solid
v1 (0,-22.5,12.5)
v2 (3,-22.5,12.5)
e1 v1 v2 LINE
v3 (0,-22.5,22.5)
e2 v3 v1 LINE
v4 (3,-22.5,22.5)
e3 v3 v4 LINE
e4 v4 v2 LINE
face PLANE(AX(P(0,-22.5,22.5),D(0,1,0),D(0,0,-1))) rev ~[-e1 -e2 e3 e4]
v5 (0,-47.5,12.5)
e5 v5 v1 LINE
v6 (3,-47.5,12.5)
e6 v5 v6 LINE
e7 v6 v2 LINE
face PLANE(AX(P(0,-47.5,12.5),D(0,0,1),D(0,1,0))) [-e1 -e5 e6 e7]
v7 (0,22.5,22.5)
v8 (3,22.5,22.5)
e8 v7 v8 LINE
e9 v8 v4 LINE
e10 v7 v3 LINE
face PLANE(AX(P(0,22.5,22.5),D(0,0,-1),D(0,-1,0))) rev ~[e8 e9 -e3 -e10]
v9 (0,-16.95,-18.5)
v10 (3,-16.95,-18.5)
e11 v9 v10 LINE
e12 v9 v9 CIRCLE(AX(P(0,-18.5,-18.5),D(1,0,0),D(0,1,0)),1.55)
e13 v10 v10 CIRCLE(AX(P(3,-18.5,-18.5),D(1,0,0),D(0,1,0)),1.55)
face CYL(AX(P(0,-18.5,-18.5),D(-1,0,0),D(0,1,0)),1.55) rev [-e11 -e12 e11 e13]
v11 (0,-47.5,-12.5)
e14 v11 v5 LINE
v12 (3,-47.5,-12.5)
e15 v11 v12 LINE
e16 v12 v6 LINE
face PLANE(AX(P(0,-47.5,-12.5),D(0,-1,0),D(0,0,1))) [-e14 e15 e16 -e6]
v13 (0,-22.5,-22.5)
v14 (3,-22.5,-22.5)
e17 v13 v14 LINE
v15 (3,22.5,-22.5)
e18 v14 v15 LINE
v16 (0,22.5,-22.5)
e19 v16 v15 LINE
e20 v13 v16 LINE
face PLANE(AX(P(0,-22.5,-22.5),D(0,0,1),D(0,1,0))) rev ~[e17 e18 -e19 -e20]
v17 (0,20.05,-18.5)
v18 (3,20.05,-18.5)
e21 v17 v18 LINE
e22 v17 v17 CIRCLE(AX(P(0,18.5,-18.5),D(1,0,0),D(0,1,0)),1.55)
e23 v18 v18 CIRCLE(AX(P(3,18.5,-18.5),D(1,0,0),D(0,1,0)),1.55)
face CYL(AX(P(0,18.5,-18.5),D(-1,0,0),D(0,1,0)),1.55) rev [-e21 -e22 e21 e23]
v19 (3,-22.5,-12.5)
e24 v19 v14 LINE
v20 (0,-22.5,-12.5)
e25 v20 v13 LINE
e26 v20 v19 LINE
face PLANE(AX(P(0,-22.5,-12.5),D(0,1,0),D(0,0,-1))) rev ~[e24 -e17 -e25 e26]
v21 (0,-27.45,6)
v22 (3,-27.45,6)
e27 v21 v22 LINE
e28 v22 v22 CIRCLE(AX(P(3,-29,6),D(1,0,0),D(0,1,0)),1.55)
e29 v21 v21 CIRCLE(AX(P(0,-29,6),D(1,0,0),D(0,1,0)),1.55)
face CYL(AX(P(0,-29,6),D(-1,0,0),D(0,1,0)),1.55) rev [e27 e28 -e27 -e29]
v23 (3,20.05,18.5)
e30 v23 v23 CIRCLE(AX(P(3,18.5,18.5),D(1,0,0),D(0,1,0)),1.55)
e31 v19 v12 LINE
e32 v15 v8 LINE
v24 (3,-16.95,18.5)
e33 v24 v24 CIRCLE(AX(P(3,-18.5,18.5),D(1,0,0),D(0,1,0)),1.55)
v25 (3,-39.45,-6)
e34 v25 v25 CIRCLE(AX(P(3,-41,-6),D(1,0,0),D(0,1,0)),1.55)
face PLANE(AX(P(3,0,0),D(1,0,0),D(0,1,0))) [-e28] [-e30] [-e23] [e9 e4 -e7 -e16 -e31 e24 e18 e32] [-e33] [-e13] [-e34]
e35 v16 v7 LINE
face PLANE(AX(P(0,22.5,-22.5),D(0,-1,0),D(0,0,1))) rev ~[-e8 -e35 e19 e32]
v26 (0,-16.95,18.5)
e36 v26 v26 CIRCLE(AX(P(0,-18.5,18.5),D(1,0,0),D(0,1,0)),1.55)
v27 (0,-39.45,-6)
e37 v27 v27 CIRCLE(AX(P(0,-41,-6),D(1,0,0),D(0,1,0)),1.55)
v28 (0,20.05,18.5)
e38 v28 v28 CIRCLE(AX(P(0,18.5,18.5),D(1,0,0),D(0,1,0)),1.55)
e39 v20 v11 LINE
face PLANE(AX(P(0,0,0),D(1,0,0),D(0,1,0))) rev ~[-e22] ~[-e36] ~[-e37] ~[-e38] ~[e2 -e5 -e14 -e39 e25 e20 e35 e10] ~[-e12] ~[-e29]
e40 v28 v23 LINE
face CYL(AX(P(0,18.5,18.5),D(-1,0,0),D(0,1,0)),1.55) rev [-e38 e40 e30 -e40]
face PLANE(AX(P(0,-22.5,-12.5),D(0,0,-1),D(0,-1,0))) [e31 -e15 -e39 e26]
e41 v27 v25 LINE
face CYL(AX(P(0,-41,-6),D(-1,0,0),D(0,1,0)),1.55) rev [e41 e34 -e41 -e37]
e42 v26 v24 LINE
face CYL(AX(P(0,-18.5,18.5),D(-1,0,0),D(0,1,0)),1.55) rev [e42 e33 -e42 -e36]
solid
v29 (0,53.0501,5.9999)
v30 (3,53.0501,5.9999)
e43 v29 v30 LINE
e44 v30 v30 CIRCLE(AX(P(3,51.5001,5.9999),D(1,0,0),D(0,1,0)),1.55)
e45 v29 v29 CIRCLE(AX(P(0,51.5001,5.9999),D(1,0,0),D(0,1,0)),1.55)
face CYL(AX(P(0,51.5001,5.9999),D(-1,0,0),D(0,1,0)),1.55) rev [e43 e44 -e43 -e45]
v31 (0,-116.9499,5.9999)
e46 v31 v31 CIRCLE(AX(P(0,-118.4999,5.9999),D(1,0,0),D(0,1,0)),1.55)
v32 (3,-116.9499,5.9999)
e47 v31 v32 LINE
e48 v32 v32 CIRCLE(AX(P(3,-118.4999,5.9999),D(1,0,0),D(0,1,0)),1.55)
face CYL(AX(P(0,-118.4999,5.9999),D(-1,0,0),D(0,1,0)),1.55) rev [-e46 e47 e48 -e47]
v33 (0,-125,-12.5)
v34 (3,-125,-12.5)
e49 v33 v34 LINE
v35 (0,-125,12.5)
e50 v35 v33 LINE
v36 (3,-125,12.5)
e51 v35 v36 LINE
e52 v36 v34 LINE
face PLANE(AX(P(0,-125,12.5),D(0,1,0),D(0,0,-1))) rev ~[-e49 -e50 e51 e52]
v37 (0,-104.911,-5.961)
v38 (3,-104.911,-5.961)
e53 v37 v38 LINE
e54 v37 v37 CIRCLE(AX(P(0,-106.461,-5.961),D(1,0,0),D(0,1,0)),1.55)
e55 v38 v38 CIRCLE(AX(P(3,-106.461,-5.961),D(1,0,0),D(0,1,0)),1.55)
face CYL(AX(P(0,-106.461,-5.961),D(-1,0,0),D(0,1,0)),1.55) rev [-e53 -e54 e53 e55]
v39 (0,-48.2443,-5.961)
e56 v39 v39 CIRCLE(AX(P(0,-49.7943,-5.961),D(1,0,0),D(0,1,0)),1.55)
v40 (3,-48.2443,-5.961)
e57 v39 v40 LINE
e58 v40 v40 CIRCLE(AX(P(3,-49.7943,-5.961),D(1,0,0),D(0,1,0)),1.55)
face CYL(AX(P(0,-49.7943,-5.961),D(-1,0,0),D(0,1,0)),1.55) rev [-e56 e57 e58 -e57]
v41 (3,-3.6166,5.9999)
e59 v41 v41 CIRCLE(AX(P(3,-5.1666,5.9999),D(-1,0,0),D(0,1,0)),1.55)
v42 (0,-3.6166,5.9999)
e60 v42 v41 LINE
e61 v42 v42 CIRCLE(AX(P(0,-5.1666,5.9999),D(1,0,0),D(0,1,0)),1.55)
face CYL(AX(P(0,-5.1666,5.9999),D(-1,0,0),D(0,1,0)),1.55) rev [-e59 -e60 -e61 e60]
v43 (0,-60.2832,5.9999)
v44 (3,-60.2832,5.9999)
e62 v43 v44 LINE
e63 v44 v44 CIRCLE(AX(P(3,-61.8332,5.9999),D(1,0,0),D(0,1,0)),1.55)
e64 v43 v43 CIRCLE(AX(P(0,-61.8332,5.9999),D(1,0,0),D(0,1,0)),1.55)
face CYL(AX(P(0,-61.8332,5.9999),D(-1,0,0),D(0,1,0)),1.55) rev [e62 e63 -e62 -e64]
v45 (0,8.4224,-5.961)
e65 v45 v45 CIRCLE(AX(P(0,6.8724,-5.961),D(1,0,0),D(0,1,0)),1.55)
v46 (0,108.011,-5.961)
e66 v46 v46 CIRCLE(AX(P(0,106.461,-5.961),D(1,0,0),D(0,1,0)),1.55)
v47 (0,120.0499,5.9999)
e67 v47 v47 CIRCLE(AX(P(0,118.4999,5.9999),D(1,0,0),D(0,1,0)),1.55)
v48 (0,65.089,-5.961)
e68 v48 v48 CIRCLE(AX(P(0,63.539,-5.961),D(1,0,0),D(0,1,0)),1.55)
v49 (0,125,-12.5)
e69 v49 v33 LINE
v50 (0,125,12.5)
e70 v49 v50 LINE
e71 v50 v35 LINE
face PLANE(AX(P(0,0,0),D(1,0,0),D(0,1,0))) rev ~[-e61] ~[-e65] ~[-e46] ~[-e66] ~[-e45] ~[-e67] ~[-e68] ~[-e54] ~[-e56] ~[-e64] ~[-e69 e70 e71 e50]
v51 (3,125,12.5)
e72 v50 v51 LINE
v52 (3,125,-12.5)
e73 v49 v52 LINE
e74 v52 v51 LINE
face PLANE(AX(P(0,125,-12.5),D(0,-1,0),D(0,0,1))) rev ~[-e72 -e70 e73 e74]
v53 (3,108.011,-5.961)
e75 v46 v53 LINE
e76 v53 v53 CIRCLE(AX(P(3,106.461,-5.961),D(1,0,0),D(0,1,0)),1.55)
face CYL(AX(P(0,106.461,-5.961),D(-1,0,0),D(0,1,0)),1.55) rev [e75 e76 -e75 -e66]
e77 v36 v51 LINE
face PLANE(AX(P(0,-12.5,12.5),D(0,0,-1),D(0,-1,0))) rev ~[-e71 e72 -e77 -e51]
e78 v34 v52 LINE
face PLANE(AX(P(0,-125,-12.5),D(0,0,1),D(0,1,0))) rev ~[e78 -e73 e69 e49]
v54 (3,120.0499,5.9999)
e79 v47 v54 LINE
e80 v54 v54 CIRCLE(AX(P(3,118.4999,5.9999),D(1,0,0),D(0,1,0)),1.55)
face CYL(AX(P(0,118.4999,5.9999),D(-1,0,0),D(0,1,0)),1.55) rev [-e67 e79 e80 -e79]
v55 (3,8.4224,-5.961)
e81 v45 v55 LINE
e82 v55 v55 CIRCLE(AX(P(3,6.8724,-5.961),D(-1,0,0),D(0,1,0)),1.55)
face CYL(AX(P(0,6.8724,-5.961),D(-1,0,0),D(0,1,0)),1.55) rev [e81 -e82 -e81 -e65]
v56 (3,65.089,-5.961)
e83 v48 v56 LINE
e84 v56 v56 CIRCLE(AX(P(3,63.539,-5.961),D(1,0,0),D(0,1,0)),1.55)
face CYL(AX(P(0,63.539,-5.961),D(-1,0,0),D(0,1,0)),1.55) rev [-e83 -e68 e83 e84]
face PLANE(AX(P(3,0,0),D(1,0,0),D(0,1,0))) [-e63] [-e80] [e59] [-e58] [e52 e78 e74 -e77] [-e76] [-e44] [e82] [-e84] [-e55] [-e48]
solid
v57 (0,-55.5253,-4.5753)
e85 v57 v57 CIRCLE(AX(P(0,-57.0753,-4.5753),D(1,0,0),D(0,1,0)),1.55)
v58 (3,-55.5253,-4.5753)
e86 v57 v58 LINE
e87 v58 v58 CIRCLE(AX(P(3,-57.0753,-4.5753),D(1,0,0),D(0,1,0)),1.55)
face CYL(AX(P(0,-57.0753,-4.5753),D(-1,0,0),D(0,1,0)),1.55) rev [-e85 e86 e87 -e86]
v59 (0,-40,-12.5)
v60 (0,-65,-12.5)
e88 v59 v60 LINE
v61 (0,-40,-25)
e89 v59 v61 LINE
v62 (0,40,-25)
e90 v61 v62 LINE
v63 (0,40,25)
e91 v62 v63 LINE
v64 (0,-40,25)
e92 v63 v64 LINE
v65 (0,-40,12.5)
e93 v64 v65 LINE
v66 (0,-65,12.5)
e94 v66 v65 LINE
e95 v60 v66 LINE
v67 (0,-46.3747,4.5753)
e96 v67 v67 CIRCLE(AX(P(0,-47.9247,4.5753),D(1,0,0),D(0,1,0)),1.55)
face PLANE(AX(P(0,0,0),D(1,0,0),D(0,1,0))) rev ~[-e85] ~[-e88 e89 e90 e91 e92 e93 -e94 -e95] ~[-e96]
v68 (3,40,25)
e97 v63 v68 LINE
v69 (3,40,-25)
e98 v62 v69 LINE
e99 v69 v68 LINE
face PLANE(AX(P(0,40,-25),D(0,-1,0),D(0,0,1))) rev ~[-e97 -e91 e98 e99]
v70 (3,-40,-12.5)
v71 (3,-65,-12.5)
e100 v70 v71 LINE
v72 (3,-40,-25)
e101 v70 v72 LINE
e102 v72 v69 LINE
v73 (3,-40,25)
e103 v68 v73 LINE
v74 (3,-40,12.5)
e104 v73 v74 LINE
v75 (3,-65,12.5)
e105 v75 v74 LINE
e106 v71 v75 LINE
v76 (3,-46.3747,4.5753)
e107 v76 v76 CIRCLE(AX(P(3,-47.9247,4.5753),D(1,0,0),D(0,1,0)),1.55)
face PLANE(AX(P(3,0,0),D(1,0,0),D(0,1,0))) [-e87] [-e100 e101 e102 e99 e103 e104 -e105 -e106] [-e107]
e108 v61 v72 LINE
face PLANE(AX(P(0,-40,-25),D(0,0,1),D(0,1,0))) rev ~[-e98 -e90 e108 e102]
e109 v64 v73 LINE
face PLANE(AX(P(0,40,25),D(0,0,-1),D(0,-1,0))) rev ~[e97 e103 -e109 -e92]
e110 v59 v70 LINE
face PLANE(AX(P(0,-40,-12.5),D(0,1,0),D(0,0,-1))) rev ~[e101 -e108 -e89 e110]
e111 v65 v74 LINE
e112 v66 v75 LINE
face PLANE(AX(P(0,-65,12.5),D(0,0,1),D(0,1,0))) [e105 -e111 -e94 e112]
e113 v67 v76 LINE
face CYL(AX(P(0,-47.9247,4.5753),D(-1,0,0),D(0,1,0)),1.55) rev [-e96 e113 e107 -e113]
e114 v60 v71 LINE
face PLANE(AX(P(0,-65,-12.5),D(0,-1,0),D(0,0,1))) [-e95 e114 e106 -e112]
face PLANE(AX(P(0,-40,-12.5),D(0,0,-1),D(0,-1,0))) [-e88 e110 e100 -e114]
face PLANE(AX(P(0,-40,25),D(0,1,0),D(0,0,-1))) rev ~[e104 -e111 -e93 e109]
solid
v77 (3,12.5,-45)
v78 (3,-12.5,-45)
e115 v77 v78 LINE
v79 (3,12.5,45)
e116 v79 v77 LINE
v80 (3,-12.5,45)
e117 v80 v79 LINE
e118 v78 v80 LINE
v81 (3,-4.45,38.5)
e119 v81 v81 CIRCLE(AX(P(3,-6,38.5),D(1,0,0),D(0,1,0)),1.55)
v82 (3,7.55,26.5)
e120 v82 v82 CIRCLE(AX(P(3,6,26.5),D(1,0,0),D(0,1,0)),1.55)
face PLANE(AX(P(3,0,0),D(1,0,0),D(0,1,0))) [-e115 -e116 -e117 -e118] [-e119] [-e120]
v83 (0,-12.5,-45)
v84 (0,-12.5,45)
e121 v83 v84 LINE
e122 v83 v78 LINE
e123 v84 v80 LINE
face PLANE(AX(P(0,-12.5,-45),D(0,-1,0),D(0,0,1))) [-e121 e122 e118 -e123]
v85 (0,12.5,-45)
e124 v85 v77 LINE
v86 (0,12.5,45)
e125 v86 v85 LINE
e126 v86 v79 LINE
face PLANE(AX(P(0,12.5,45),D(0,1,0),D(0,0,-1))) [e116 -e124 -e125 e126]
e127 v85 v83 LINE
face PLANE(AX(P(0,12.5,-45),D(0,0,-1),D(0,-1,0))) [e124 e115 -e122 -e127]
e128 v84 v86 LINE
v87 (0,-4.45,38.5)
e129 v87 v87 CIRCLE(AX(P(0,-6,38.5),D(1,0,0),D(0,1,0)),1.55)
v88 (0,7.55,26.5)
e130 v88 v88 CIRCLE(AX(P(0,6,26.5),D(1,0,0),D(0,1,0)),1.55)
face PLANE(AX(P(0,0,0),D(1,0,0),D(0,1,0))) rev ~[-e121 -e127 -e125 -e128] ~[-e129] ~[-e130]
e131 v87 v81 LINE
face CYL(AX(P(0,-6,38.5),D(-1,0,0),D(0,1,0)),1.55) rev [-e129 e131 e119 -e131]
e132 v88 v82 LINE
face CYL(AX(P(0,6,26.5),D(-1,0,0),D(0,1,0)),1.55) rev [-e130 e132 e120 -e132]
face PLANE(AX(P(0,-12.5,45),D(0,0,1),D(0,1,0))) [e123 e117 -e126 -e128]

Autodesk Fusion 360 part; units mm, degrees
sketch "Sketch1" plane through (0, 0, 0) normal (1, 0, 0) x (0, 1, 0) in component "Motor driver fitter"
  line L0 (-22.5, -22.5) -> (22.5, -22.5)
  line L1 (-47.5, -12.5) -> (-47.5, 12.5)
  line L2 (-22.5, -12.5) -> (-47.5, -12.5)
  circle A0 centre (-29, 6) radius 1.55
  circle A1 centre (-41, -6) radius 1.55
  line L3 (-47.5, 12.5) -> (-22.5, 12.5)
  line L4 (22.5, 22.5) -> (-22.5, 22.5)
  line L5 (22.5, -22.5) -> (22.5, 22.5)
  circle A2 centre (-18.5, 18.5) radius 1.55
  line L6 (-22.5, 22.5) -> (22.5, -22.5) construction
  line L7 (-22.5, -22.5) -> (22.5, 22.5) construction
  circle A3 centre (18.5, 18.5) radius 1.55
  circle A4 centre (-18.5, -18.5) radius 1.55
  circle A5 centre (18.5, -18.5) radius 1.55
  line L8 (-22.5, 22.5) -> (-22.5, 12.5)
  line L9 (-22.5, -12.5) -> (-22.5, -22.5)
  line L10 (-22.5, 12.5) -> (-47.5, -12.5) construction
  line L11 (-41, -6) -> (-47.5, -12.5) construction
  line L12 (-29, 6) -> (-22.5, 12.5) construction
  dimension "d171" = 45
  dimension "d172" = 45
  dimension "d174" = 3.1
  dimension "d185" = 3.1
  dimension "d186" = 3.1
  dimension "d188" = 25
  dimension "d189" = 25
  dimension "d192" = 18.5
  dimension "d193" = 18.5
  dimension "d225" = 16.9706
sketch "Sketch1 (2)" plane through (0, 0, 0) normal (1, 0, 0) x (0, 1, 0) in component "Chassis frame"
  line L0 (-125, 12.5) -> (-125, -12.5)
  circle A0 centre (-106.461, -5.961) radius 1.55
  line L1 (125, -12.5) -> (125, 12.5)
  line L2 (125, 12.5) -> (-125, 12.5)
  circle A1 centre (-118.4999, 5.9999) radius 1.55
  line L3 (-125, -12.5) -> (125, -12.5)
  line L4 (-125, 12.5) -> (125, -12.5) construction
  line L5 (-125, -12.5) -> (125, 12.5) construction
  line L6 (-22.5, 22.5) -> (22.5, -22.5)
  circle A2 centre (-6, 115) radius 1.55
  circle A3 centre (6, 103) radius 1.55
  line L7 (0, 12.5) -> (0, -12.5) construction
  line L8 (-125, 12.5) -> (-100, -12.5) construction
  line L9 (-125, 12.5) -> (-91.4846, 12.5) construction
  line L10 (-125, 12.5) -> (-118.4999, 5.9999) construction
  line L11 (-106.461, -5.961) -> (-100, -12.5) construction
  circle A4 centre (118.4999, 5.9999) radius 1.55
  circle A5 centre (106.461, -5.961) radius 1.55
  circle A6 centre (-49.7943, -5.961) radius 1.55
  circle A7 centre (-61.8332, 5.9999) radius 1.55
  circle A8 centre (6.8724, -5.961) radius 1.55
  circle A9 centre (-5.1666, 5.9999) radius 1.55
  circle A10 centre (63.539, -5.961) radius 1.55
  circle A11 centre (51.5001, 5.9999) radius 1.55
  point P0 (22, -6.0625)
  dimension "d199" = 250
  dimension "d200" = 25
  dimension "d201" = 3.1
  dimension "d202" = 3.1
  dimension "d231" = 45
  dimension "d232" = 16.9706
  dimension "d235" = 170
  dimension "d236" = 0
sketch "Sketch1 (3)" plane through (0, 0, 0) normal (1, 0, 0) x (0, 1, 0) in component "Motor fitter"
  line L0 (-12.5, -45) -> (-12.5, 45)
  line L1 (-12.5, 45) -> (12.5, 45)
  line L2 (12.5, 45) -> (12.5, -45)
  line L3 (12.5, -45) -> (-12.5, -45)
  line L4 (-12.5, -45) -> (12.5, 45) construction
  line L5 (-12.5, 45) -> (12.5, -45) construction
  line L6 (-12.5, 45) -> (12.5, 20) construction
  line L7 (-12.5, 45) -> (24.7988, 45) construction
  circle A0 centre (-6, 38.5) radius 1.55
  circle A1 centre (6, 26.5) radius 1.55
  line L8 (6, 26.5) -> (12.5, 20) construction
  line L9 (-6, 38.5) -> (-12.5, 45) construction
  dimension "d222" = 25
  dimension "d223" = 90
  dimension "d227" = 45
  dimension "d228" = 3.1
  dimension "d229" = 3.1
  dimension "d230" = 16.9706
sketch "Sketch1 (4)" plane through (0, 0, 0) normal (1, 0, 0) x (0, 1, 0) in component "Breadboard fitter"
  line L0 (-65, 12.5) -> (-40, 12.5)
  line L1 (-40, 12.5) -> (-40, -12.5)
  line L2 (-40, -12.5) -> (-65, -12.5)
  line L3 (-65, -12.5) -> (-65, 12.5)
  line L4 (40, 25) -> (-40, 25)
  line L5 (-40, 25) -> (-40, -25)
  line L6 (-40, -25) -> (40, -25)
  line L7 (40, -25) -> (40, 25)
  line L8 (40, 25) -> (-40, -25) construction
  line L9 (-40, 25) -> (40, -25) construction
  circle A0 centre (-57.0753, -4.5753) radius 1.55
  circle A1 centre (-47.9247, 4.5753) radius 1.55
  line L10 (-47.9247, 4.5753) -> (-40, 12.5) construction
  line L11 (-57.0753, -4.5753) -> (-65, -12.5) construction
  dimension "d237" = 25
  dimension "d238" = 25
  dimension "d239" = 80
  dimension "d240" = 50
  dimension "d241" = 3.1
  dimension "d242" = 3.1
  dimension "d244" = 12.9408
  dimension "d245" = 45
extrude "Extrude1" add sketch "Sketch1 (4)" along normal blind 3 makes body 1 in component "Breadboard fitter"
sketch "Laser cut sketch" plane through (3, 0, 0) normal (1, 0, 0) x (0, 1, 0) in component "Breadboard fitter"
  circle A0 centre (-57.0753, -4.5753) radius 1.55
  circle A1 centre (-47.9247, 4.5753) radius 1.55
  line L0 (-40, -12.5) -> (-40, -25)
  line L1 (-40, -25) -> (40, -25)
  line L2 (40, -25) -> (40, 25)
  line L3 (40, 25) -> (-40, 25)
  line L4 (-40, 25) -> (-40, 12.5)
  line L5 (-40, 12.5) -> (-65, 12.5)
  line L6 (-65, 12.5) -> (-65, -12.5)
  line L7 (-65, -12.5) -> (-40, -12.5)
extrude "Extrude1'" add sketch "Sketch1 (3)" along normal blind 3 separate body makes body 2 in component "Motor fitter"
sketch "Laser cut sketch (2)" plane through (0, 0, 0) normal (1, 0, 0) x (0, 1, 0) in component "Motor fitter"
  circle A0 centre (-6, 38.5) radius 1.55
  circle A1 centre (6, 26.5) radius 1.55
  line L0 (12.5, -45) -> (12.5, 45)
  line L1 (12.5, 45) -> (-12.5, 45)
  line L2 (-12.5, 45) -> (-12.5, -45)
  line L3 (-12.5, -45) -> (12.5, -45)
extrude "Extrude1''" add sketch "Sketch1 (2)" along normal blind 3 separate body contours L0 L2 L3 L6 A8 A9 | L1 L2 L3 L6 A8 A9 makes body 3 in component "Chassis frame"
sketch "Laser cut sketch (3)" plane through (3, 0, 0) normal (1, 0, 0) x (0, 1, 0) in component "Chassis frame"
  circle A0 centre (51.5001, 5.9999) radius 1.55
  circle A1 centre (6.8724, -5.961) radius 1.55
  circle A2 centre (-118.4999, 5.9999) radius 1.55
  circle A3 centre (-106.461, -5.961) radius 1.55
  circle A4 centre (-5.1666, 5.9999) radius 1.55
  circle A5 centre (118.4999, 5.9999) radius 1.55
  circle A6 centre (106.461, -5.961) radius 1.55
  circle A7 centre (63.539, -5.961) radius 1.55
  circle A8 centre (-61.8332, 5.9999) radius 1.55
  circle A9 centre (-49.7943, -5.961) radius 1.55
  line L0 (-125, -12.5) -> (125, -12.5)
  line L1 (125, -12.5) -> (125, 12.5)
  line L2 (125, 12.5) -> (-125, 12.5)
  line L3 (-125, 12.5) -> (-125, -12.5)
extrude "Extrude1'''" add sketch "Sketch1" along normal blind 3 separate body makes body 4 in component "Motor driver fitter"
sketch "Laser cut sketch (4)" plane through (3, 0, 0) normal (1, 0, 0) x (0, 1, 0) in component "Motor driver fitter"
  circle A0 centre (-29, 6) radius 1.55
  circle A1 centre (-18.5, -18.5) radius 1.55
  circle A2 centre (18.5, 18.5) radius 1.55
  circle A3 centre (-18.5, 18.5) radius 1.55
  circle A4 centre (-41, -6) radius 1.55
  circle A5 centre (18.5, -18.5) radius 1.55
  line L0 (-47.5, -12.5) -> (-22.5, -12.5)
  line L1 (-22.5, -12.5) -> (-22.5, -22.5)
  line L2 (-22.5, -22.5) -> (22.5, -22.5)
  line L3 (22.5, -22.5) -> (22.5, 22.5)
  line L4 (22.5, 22.5) -> (-22.5, 22.5)
  line L5 (-22.5, 22.5) -> (-22.5, 12.5)
  line L6 (-22.5, 12.5) -> (-47.5, 12.5)
  line L7 (-47.5, 12.5) -> (-47.5, -12.5)
extrude "Extrude2" [suppressed]
component "Motor driver fitter" placed x (1, 0, 0) y (0, 1, 0) z (0, 0, 1) at (0, 0, 0)
component "Chassis frame" placed x (1, 0, 0) y (0, 1, 0) z (0, 0, 1) at (0, 0, 0)
component "Motor fitter" placed x (1, 0, 0) y (0, 1, 0) z (0, 0, 1) at (0, 0, 0)
component "Breadboard fitter" placed x (1, 0, 0) y (0, 1, 0) z (0, 0, 1) at (0, 0, 0)
equation "partLength = 250 mm"
equation "partWidth = 25 mm"
equation "boltHole = 3.1 mm"
equation "boltFromEdgesClose = 10 mm"
equation "boltGap = 12 mm"
equation "boltFromEdgesFar = 40 mm"
equation "boltGapFromSide = ( partWidth - boltGap ) / 2"
equation "d174 = boltHole"
equation "d185 = boltHole"
equation "d186 = boltHole"
equation "d192 = ( 37 / 2 ) * 1 mm"
equation "d193 = ( 37 / 2 ) * 1 mm"
equation "d199 = partLength"
equation "d200 = partWidth"
equation "d201 = boltHole"
equation "d202 = boltHole"
equation "d222 = partWidth"
equation "d225 = boltGapDiag"
equation "boltGapDiag = boltGap * sqrt(2)"
equation "d228 = boltHole"
equation "d229 = boltHole"
equation "d230 = boltGapDiag"
equation "d232 = boltGapDiag"
equation "d241 = boltHole"
equation "d242 = boltHole"
